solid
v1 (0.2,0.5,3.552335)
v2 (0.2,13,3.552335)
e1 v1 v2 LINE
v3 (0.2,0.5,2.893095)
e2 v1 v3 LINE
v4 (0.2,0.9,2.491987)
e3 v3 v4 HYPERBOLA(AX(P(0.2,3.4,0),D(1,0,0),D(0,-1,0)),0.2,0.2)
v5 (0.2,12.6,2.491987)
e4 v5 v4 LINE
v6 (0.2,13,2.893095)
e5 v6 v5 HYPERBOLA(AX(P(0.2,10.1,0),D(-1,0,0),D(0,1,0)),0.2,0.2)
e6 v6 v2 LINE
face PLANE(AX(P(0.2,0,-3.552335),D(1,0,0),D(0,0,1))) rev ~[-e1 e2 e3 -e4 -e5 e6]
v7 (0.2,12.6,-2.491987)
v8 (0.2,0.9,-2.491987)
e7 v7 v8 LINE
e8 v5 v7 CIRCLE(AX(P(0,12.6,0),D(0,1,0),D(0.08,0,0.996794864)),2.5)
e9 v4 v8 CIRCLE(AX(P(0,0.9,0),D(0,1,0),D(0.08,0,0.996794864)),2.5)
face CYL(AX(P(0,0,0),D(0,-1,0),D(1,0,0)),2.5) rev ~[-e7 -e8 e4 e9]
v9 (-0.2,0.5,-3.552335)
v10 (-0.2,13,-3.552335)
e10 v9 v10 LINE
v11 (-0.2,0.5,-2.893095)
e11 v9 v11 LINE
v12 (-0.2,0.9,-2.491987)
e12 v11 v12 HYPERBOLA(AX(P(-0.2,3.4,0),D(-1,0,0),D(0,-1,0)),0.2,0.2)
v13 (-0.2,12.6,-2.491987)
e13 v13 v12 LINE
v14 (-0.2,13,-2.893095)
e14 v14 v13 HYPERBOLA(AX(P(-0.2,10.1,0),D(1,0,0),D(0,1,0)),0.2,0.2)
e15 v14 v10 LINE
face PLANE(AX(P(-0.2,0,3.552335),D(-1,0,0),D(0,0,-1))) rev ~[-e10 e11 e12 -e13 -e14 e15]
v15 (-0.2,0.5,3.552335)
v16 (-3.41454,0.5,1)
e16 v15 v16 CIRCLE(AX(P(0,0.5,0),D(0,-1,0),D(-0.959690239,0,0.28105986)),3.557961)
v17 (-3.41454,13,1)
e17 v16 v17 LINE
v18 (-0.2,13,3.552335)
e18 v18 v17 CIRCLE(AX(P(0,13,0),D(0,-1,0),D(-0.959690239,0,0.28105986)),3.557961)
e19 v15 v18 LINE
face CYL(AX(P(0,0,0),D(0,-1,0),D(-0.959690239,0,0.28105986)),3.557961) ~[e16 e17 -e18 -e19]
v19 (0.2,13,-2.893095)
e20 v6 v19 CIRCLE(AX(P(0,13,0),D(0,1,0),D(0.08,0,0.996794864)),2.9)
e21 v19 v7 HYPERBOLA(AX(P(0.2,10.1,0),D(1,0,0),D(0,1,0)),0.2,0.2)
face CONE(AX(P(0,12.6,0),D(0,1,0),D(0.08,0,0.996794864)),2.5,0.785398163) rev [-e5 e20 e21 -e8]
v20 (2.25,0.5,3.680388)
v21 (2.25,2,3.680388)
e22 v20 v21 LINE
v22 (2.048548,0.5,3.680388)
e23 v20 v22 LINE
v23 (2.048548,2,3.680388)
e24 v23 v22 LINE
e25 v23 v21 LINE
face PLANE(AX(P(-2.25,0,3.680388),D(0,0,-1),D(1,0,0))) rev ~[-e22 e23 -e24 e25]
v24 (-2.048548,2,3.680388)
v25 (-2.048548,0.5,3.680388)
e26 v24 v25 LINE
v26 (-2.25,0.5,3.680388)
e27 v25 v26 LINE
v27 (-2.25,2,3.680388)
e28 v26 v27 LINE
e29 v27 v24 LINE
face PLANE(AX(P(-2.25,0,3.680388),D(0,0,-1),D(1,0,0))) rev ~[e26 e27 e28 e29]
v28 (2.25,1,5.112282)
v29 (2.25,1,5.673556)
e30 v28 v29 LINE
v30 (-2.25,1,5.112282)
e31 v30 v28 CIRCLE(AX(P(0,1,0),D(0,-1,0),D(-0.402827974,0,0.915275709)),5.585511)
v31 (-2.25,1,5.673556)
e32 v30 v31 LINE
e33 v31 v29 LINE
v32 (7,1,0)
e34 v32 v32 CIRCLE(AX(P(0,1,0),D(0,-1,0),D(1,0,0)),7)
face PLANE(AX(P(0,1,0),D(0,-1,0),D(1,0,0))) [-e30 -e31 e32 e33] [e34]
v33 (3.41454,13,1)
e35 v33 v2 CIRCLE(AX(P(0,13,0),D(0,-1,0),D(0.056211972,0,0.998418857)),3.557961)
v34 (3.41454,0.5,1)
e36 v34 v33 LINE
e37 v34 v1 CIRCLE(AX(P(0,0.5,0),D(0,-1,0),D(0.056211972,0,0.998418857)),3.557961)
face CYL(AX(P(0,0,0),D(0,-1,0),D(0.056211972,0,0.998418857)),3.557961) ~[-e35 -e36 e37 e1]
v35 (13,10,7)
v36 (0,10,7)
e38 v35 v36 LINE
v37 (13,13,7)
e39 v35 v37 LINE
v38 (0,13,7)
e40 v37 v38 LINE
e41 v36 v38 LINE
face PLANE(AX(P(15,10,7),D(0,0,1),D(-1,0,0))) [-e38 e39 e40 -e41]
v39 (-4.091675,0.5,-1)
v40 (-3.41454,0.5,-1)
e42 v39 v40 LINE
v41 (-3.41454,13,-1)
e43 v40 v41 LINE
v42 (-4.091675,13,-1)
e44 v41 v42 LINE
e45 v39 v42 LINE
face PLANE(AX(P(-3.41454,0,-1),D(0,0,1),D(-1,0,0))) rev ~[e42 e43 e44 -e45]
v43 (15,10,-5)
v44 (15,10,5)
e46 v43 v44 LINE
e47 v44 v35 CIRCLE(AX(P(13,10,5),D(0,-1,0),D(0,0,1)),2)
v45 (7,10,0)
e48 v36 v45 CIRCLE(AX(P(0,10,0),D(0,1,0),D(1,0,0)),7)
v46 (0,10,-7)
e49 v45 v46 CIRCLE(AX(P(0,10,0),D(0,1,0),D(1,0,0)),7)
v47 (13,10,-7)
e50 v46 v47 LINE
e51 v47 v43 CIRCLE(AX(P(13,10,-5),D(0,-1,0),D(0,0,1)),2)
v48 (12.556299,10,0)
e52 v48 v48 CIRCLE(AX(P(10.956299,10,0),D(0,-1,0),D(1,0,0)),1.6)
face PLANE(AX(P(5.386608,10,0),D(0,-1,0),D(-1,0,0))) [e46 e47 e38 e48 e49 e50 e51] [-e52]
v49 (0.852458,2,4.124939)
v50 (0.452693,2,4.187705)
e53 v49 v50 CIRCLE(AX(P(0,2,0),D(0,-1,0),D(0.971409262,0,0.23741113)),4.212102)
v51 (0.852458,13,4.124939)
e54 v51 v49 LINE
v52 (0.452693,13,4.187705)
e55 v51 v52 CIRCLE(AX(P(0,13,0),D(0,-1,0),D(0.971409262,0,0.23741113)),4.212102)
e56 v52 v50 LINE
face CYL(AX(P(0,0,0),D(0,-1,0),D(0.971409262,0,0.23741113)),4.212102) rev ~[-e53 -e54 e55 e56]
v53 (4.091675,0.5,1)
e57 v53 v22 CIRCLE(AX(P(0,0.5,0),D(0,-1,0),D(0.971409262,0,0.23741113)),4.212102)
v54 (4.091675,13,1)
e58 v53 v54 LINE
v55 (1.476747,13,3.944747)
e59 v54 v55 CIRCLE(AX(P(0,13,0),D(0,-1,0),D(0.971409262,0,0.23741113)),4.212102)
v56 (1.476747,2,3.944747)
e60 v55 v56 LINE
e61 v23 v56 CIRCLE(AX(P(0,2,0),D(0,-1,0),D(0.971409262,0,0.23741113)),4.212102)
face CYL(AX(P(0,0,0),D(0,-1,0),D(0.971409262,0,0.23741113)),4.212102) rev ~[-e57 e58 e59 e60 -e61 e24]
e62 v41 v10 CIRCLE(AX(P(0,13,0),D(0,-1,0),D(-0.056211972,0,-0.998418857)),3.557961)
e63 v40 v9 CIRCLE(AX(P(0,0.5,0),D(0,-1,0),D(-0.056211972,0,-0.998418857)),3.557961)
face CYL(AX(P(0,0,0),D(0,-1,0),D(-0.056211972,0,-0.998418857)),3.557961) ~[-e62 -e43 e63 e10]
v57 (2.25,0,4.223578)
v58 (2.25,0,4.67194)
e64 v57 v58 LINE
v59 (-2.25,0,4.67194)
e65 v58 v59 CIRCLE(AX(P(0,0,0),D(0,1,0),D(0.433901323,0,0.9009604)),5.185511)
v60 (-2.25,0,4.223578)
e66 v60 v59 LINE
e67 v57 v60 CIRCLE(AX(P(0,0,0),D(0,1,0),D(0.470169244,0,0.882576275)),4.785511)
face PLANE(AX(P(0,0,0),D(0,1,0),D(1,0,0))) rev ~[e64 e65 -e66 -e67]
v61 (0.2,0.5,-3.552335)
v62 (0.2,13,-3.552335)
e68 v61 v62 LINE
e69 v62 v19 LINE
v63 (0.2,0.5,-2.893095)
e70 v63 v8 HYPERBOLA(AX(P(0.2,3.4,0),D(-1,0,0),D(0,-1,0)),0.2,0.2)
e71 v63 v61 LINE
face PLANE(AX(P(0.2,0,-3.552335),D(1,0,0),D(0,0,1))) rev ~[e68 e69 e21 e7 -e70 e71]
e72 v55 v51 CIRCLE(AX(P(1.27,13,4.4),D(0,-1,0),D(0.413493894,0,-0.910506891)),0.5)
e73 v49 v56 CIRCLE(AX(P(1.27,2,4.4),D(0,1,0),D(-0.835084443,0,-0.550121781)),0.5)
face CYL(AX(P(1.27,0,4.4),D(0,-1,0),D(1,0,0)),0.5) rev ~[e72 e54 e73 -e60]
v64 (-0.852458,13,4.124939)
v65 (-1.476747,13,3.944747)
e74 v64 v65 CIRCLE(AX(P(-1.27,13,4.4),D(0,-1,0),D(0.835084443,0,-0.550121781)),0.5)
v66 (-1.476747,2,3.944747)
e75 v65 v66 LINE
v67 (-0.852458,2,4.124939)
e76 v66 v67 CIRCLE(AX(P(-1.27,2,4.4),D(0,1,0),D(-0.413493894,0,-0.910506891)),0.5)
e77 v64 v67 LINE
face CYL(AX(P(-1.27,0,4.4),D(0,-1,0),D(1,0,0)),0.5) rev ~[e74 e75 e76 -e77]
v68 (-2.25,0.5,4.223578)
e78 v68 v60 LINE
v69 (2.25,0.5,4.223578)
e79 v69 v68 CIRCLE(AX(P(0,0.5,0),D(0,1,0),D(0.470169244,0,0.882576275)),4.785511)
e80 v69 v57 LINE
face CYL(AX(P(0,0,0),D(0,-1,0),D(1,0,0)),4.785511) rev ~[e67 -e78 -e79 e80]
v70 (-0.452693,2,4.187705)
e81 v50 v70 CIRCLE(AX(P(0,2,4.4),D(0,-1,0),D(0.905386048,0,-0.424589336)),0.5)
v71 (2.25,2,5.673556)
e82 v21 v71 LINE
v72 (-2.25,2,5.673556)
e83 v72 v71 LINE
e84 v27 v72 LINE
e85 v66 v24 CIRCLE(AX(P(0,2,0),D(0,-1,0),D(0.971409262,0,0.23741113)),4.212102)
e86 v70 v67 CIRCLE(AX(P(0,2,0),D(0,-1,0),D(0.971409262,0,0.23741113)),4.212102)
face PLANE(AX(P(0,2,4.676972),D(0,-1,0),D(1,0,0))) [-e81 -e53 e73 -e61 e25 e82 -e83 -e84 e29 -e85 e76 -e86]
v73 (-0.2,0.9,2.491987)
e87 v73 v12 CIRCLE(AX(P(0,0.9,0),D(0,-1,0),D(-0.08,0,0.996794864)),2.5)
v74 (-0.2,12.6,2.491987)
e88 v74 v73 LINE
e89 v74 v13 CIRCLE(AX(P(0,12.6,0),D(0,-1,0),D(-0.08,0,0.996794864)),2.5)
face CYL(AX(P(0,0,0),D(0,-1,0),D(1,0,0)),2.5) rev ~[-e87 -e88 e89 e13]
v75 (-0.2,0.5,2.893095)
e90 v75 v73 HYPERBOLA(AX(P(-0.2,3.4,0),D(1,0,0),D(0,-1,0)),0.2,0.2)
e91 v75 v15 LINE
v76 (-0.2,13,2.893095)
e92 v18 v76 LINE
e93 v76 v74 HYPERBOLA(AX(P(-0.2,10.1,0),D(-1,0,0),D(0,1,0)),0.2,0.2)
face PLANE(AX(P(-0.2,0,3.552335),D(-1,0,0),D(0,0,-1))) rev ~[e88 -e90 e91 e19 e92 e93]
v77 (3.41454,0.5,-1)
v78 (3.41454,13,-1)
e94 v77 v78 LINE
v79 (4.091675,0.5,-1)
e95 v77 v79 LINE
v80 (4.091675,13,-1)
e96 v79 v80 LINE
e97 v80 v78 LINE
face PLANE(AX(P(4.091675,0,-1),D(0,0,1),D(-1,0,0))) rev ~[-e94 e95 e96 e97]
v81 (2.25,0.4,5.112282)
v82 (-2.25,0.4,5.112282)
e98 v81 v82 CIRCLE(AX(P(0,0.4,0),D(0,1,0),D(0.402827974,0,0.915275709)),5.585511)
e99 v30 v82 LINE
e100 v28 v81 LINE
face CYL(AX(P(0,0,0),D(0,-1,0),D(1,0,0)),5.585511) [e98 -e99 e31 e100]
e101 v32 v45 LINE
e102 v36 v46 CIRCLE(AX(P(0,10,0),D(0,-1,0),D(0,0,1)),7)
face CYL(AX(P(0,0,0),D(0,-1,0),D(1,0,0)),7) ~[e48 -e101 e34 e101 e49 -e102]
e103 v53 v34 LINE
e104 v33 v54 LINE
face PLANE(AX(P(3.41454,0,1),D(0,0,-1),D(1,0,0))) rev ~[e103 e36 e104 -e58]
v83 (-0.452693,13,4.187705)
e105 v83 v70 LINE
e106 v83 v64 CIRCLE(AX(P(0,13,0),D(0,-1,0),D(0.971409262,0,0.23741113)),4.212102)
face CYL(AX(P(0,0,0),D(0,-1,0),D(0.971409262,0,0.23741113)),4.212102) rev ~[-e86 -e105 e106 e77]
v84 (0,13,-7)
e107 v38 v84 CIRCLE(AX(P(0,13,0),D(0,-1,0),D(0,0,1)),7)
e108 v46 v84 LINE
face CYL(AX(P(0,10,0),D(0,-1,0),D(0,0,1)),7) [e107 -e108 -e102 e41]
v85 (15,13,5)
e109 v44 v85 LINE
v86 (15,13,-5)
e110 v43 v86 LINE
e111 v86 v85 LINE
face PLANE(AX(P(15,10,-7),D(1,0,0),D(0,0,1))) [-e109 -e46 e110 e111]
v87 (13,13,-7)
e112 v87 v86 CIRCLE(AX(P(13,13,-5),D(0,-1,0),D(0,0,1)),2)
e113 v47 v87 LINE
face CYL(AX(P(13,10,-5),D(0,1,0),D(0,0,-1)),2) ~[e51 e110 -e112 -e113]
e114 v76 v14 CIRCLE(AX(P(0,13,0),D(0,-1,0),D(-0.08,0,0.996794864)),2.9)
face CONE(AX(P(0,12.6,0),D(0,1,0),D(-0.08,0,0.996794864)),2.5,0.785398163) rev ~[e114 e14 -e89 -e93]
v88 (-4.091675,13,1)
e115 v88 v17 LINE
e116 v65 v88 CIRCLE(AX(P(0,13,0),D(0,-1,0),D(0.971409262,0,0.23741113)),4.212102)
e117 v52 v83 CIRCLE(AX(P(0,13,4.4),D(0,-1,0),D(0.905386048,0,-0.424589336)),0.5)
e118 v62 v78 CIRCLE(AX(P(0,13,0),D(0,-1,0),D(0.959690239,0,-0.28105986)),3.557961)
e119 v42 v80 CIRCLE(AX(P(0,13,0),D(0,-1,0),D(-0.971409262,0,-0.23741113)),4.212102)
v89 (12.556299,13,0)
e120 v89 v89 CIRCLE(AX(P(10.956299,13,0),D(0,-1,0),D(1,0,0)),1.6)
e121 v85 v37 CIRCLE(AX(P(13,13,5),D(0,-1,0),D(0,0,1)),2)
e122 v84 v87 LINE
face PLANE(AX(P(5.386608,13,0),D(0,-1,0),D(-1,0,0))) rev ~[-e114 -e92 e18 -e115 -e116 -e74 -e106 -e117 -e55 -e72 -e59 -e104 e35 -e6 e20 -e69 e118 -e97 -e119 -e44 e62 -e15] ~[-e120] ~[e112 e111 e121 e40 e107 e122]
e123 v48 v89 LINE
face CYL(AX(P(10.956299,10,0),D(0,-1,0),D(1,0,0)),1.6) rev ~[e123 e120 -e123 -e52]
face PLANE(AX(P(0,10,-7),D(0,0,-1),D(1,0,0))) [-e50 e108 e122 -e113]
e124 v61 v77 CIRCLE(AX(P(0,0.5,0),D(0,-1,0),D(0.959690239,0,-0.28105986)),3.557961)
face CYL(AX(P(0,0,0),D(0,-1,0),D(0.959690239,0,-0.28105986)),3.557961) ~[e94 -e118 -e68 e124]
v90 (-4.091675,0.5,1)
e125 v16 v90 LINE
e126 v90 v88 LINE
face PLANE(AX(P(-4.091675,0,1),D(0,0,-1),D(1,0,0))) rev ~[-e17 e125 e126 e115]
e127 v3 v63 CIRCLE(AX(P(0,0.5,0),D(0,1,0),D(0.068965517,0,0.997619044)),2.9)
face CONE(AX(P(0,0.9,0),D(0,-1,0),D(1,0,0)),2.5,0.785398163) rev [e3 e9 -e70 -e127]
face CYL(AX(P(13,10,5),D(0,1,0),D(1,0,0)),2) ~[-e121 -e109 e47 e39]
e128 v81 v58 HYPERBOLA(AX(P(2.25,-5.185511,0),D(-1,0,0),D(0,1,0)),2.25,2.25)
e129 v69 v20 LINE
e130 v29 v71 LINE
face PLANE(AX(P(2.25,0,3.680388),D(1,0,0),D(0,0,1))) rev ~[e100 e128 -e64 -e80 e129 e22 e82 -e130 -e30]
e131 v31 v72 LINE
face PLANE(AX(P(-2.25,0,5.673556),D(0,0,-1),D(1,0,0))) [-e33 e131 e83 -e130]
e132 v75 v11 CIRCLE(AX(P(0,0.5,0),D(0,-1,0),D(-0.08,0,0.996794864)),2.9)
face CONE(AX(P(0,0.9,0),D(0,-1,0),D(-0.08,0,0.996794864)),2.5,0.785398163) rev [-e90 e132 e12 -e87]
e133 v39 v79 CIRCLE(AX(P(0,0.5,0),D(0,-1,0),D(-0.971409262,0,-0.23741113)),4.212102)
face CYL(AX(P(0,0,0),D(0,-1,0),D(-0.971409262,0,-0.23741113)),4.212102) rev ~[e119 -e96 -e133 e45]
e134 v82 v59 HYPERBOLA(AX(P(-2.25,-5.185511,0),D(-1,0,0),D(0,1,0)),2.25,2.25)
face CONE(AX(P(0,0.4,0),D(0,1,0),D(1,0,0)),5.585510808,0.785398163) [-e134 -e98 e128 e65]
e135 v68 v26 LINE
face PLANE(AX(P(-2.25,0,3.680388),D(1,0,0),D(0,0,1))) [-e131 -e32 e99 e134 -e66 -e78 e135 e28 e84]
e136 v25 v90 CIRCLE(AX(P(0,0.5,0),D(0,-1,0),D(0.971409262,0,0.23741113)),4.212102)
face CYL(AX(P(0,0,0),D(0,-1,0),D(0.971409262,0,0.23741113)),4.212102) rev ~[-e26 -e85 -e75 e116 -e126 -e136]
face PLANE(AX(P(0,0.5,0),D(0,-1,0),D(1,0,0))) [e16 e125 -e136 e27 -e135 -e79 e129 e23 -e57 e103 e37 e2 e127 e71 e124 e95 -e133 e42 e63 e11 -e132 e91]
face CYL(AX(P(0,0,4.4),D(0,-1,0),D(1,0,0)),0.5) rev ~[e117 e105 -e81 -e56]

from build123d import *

# Parameters (mm, degrees)
SKETCH_1_R                  = 7
EXTRUDE_1_DEPTH             = 10
EXTRUDE_2_DEPTH             = 3
SKETCH_4_R                  = 2.5
CUT_EXTRUDE_1_DEPTH         = 1
CUT_EXTRUDE_1_DEPTH_BACK    = 14
SKETCH_6_R                  = 7
SKETCH_6_R_2                = 5.585510808
CUT_EXTRUDE_3_DEPTH         = 1
CUT_EXTRUDE_6_DEPTH         = 1
CUT_EXTRUDE_6_DEPTH_BACK    = 14
SKETCH_8_R                  = 0.5
CUT_EXTRUDE_1254_DEPTH      = 1
CUT_EXTRUDE_1254_DEPTH_BACK = 14
SKETCH_9_W                  = 4.5
SKETCH_9_H                  = 1.993168192
TSSOP_DEPTH                 = 2
FILLET_1_R                  = 2
SKETCH_10_R                 = 1.6
CUT_EXTRUDE_9_DEPTH         = 11
CUT_EXTRUDE_9_DEPTH_BACK    = 4
SKETCH_11_R                 = 4.785510808
CUT_EXTRUDE_10_DEPTH        = 0.5
CHAMFER_1_SIZE              = 0.4
CHAMFER_2_SIZE              = 0.4
CHAMFER_3_SIZE              = 0.4
CHAMFER_4_SIZE              = 0.4


with BuildPart() as part:
    # Эскиз1 → Бобышка-Вытянуть1 (new body)
    with BuildSketch(Plane(origin=(0, 0, 0), x_dir=(1, 0, 0), z_dir=(0, 1, 0))):
        Circle(SKETCH_1_R)
    extrude(amount=EXTRUDE_1_DEPTH)

    # Эскиз3 → Бобышка-Вытянуть2 (add)
    with BuildSketch(Plane(origin=(0, 10, 0), x_dir=(1, 0, 0), z_dir=(0, 1, 0))):
        with BuildLine():
            Line((0, 7), (15, 7))
            Line((15, 7), (15, -7))
            Line((15, -7), (0, -7))
            ThreePointArc((0, -7), (-7, 0), (0, 7))
        make_face()
    extrude(amount=EXTRUDE_2_DEPTH)

    # Эскиз4 → Вырез-Вытянуть1 (cut, two sides)
    with BuildSketch(Plane.XZ) as cut_extrude_1_sk:
        Circle(SKETCH_4_R)
    extrude(amount=CUT_EXTRUDE_1_DEPTH, mode=Mode.SUBTRACT)
    extrude(cut_extrude_1_sk.sketch, amount=-CUT_EXTRUDE_1_DEPTH_BACK, mode=Mode.SUBTRACT)

    # Эскиз6 → Вырез-Вытянуть3 (cut)
    with BuildSketch(Plane.XZ):
        Circle(SKETCH_6_R)
        Circle(SKETCH_6_R_2, mode=Mode.SUBTRACT)
    extrude(amount=-CUT_EXTRUDE_3_DEPTH, mode=Mode.SUBTRACT)

    # Эскиз7 → Вырез-Вытянуть6 (cut, two sides)
    with BuildSketch(Plane.XZ) as cut_extrude_6_sk:
        with BuildLine():
            Line((3.414540389, 1), (4.09167532, 1))
            ThreePointArc((4.09167532, 1), (0, 4.212102435), (-4.09167532, 1))
            Line((-4.09167532, 1), (-3.414540389, 1))
            ThreePointArc((-3.414540389, 1), (-2.212426139, 2.786441573), (-0.2, 3.552335297))
            Line((-0.2, 3.552335297), (-0.2, -3.552335297))
            ThreePointArc((-0.2, -3.552335297), (-2.212426139, -2.786441573), (-3.414540389, -1))
            Line((-3.414540389, -1), (-4.09167532, -1))
            ThreePointArc((-4.09167532, -1), (0, -4.212102435), (4.09167532, -1))
            Line((4.09167532, -1), (3.414540389, -1))
            ThreePointArc((3.414540389, -1), (2.212426139, -2.786441573), (0.2, -3.552335297))
            Line((0.2, -3.552335297), (0.2, 3.552335297))
            ThreePointArc((0.2, 3.552335297), (2.212426139, 2.786441573), (3.414540389, 1))
        make_face()
    extrude(amount=CUT_EXTRUDE_6_DEPTH, mode=Mode.SUBTRACT)
    extrude(cut_extrude_6_sk.sketch, amount=-CUT_EXTRUDE_6_DEPTH_BACK, mode=Mode.SUBTRACT)

    # Эскиз8 → Cut-Extrude 1254 (cut, two sides)
    with BuildSketch(Plane.XZ) as cut_extrude_1254_sk:
        with Locations((0, 4.4)):
            Circle(SKETCH_8_R)
        with Locations((1.27, 4.4)):
            Circle(SKETCH_8_R)
        with Locations((-1.27, 4.4)):
            Circle(SKETCH_8_R)
    extrude(amount=CUT_EXTRUDE_1254_DEPTH, mode=Mode.SUBTRACT)
    extrude(cut_extrude_1254_sk.sketch, amount=-CUT_EXTRUDE_1254_DEPTH_BACK, mode=Mode.SUBTRACT)

    # Эскиз9 → Вырез под TSSOP (cut)
    with BuildSketch(Plane.XZ):
        with Locations((0, 4.676972269)):
            Rectangle(SKETCH_9_W, SKETCH_9_H)
    extrude(amount=-TSSOP_DEPTH, mode=Mode.SUBTRACT)

    # Скругление1
    fillet_1_edges = [part.edges().sort_by_distance(p)[0] for p in [
        (15, 11.5, 7),
        (15, 11.5, -7),
    ]]
    fillet(fillet_1_edges, radius=FILLET_1_R)

    # Эскиз10 → Вырез-Вытянуть9 (cut, two sides)
    with BuildSketch(Plane.XZ.offset(-10)) as cut_extrude_9_sk:
        with Locations((10.956298859, 0)):
            Circle(SKETCH_10_R)
    extrude(amount=CUT_EXTRUDE_9_DEPTH, mode=Mode.SUBTRACT)
    extrude(cut_extrude_9_sk.sketch, amount=-CUT_EXTRUDE_9_DEPTH_BACK, mode=Mode.SUBTRACT)

    # Эскиз11 → Вырез-Вытянуть10 (cut)
    with BuildSketch(Plane.XZ):
        Circle(SKETCH_11_R)
    extrude(amount=-CUT_EXTRUDE_10_DEPTH, mode=Mode.SUBTRACT)

    # Фаска1
    chamfer_1_edges = [part.edges().sort_by_distance(p)[0] for p in [
        (-3.052092042, 0, -4.677891101),
    ]]
    chamfer(chamfer_1_edges, length=CHAMFER_1_SIZE)

    # Фаска2
    chamfer_2_edges = [part.edges().sort_by_distance(p)[0] for p in [
        (1.837117307, 0.5, -1.695582496),
    ]]
    chamfer(chamfer_2_edges, length=CHAMFER_2_SIZE)

    # Фаска3
    chamfer_3_edges = [part.edges().sort_by_distance(p)[0] for p in [
        (1.837117307, 13, -1.695582496),
        (-2.5, 13, 0),
    ]]
    chamfer(chamfer_3_edges, length=CHAMFER_3_SIZE)

    # Фаска4
    chamfer_4_edges = [part.edges().sort_by_distance(p)[0] for p in [
        (-2.5, 0.5, 0),
    ]]
    chamfer(chamfer_4_edges, length=CHAMFER_4_SIZE)


solid = part.part
